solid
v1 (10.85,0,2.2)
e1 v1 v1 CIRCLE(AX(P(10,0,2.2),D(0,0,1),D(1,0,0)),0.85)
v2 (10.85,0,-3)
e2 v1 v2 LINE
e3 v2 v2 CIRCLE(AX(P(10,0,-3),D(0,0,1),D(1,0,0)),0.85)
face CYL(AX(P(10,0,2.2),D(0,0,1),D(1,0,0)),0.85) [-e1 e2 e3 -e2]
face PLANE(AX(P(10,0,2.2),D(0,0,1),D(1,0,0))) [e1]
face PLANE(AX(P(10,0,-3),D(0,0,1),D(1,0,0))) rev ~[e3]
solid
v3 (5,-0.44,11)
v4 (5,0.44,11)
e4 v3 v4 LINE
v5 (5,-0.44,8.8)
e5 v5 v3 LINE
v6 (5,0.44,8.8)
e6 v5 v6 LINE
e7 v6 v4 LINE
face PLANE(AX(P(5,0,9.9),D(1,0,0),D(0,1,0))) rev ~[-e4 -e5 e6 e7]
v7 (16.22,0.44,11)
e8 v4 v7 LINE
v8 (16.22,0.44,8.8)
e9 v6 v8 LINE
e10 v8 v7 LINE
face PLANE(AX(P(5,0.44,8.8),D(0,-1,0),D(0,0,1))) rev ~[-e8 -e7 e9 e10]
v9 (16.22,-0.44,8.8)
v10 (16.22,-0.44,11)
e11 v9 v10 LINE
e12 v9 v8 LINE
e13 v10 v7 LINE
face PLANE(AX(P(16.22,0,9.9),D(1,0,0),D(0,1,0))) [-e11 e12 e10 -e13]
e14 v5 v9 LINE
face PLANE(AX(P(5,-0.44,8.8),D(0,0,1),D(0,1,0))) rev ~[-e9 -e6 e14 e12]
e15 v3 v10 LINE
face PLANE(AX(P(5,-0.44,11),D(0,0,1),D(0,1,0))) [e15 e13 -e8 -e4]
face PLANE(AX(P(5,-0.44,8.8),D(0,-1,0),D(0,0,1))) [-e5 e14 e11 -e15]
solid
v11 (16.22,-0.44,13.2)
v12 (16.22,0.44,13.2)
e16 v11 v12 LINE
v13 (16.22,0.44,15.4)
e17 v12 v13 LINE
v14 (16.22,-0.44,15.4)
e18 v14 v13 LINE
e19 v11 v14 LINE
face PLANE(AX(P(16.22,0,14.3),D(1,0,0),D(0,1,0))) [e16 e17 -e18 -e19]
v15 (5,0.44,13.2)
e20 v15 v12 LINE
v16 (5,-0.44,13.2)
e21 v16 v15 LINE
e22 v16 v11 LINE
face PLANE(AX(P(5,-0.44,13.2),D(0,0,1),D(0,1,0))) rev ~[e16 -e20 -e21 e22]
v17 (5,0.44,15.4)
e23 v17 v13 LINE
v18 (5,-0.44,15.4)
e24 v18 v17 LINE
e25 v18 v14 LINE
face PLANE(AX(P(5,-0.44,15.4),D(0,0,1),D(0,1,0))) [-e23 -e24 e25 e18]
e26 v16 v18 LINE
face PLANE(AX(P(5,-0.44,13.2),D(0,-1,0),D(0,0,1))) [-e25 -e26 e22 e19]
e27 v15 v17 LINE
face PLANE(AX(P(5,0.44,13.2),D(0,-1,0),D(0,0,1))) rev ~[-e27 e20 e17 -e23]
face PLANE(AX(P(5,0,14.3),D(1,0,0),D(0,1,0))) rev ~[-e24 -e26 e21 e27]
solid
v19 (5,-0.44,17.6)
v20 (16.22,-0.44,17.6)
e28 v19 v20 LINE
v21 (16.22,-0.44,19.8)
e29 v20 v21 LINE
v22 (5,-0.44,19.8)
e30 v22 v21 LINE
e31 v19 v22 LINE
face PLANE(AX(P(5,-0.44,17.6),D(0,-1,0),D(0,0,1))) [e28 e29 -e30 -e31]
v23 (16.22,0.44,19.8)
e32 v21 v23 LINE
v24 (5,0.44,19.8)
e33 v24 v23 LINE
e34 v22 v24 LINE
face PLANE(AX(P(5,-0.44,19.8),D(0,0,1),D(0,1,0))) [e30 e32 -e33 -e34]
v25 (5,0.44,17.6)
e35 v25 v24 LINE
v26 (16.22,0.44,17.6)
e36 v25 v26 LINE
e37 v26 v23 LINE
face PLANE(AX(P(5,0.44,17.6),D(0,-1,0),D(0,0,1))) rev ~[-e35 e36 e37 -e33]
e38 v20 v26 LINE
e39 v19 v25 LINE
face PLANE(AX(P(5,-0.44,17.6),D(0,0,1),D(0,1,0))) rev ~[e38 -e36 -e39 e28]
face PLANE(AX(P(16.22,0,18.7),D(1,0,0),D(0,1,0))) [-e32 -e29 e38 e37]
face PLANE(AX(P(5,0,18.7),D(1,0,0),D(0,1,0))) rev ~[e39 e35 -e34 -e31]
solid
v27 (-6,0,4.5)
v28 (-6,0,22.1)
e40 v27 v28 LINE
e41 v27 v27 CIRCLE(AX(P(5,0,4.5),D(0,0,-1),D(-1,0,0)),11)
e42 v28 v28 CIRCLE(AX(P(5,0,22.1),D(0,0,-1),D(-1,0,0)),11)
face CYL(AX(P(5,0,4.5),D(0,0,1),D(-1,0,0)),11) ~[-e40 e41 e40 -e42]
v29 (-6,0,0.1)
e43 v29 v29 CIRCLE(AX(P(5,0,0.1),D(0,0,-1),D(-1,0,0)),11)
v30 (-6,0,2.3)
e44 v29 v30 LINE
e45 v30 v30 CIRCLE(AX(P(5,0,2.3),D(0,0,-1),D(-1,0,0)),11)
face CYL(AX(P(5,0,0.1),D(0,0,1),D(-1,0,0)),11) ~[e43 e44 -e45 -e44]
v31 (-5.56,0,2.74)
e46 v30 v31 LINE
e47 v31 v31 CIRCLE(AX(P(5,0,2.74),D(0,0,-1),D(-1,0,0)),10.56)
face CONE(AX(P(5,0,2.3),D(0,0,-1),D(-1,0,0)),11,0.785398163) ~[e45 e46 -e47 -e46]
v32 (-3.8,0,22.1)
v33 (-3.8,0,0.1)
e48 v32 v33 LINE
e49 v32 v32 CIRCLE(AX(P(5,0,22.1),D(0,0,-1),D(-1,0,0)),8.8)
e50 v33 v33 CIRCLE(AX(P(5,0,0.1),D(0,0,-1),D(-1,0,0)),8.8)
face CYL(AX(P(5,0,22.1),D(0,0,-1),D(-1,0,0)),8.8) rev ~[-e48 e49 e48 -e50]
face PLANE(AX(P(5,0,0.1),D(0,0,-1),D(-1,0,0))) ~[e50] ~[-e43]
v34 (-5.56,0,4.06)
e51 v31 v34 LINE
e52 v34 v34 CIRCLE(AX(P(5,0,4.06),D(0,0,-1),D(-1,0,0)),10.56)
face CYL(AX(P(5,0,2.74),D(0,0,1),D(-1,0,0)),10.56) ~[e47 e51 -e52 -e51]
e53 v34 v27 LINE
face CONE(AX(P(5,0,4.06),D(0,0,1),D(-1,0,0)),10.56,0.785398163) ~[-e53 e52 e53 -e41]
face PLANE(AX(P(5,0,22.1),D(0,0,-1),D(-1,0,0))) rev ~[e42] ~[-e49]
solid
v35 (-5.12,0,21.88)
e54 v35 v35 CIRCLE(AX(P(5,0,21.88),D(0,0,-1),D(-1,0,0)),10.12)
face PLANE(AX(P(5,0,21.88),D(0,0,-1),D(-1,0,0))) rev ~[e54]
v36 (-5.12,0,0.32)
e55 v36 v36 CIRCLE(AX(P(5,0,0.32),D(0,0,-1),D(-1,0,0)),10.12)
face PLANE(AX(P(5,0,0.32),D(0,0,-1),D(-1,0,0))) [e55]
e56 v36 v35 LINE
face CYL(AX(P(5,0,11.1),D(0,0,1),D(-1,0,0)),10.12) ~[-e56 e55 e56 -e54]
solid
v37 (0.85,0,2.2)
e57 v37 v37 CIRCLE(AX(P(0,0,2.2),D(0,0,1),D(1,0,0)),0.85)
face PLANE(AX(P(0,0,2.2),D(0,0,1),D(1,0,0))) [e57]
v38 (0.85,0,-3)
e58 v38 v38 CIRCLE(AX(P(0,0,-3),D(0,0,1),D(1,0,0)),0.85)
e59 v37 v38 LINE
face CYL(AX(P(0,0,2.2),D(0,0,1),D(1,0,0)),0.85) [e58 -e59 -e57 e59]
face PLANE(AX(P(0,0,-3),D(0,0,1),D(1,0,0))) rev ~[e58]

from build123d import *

# Parameters (mm, degrees)
SKETCH002_W  = 10.12
SKETCH002_H  = 21.56
SKETCH003_R  = 0.85
PAD_DEPTH    = 5.2
SKETCH004_W  = 0.88
SKETCH004_H  = 2.2
PAD001_DEPTH = 11.22


with BuildPart() as revolution:
    # Sketch → Revolution (revolve)
    with BuildSketch(Plane.XZ):
        Polygon((-6, 0.1), (-6, 2.3), (-5.56, 2.74), (-5.56, 4.06), (-6, 4.5), (-6, 22.1), (-3.8, 22.1), (-3.8, 0.1), align=None)
    revolve(axis=Axis((5, 0, 7.548619), (0, 0, -1)))


with BuildPart() as revolution001:
    # Sketch002 → Revolution001 (revolve)
    with BuildSketch(Plane.XZ):
        with Locations((-0.06, 11.1)):
            Rectangle(SKETCH002_W, SKETCH002_H)
    revolve(axis=Axis((5, 0, 4.680116), (0, 0, -1)))


with BuildPart() as pad:
    # Sketch003 → Pad (new body)
    with BuildSketch(Plane.XY.offset(2.2)):
        Circle(SKETCH003_R)
        with Locations((10, 0)):
            Circle(SKETCH003_R)
    extrude(amount=-PAD_DEPTH)


with BuildPart() as pad001:
    # Sketch004 → Pad001 (new body)
    with BuildSketch(Plane.YZ.offset(5)):
        with Locations((0, 9.9)):
            Rectangle(SKETCH004_W, SKETCH004_H)
        with Locations((0, 14.3)):
            Rectangle(SKETCH004_W, SKETCH004_H)
        with Locations((0, 18.7)):
            Rectangle(SKETCH004_W, SKETCH004_H)
    extrude(amount=PAD001_DEPTH)


solid = Compound([revolution.part, revolution001.part, pad.part, pad001.part])
